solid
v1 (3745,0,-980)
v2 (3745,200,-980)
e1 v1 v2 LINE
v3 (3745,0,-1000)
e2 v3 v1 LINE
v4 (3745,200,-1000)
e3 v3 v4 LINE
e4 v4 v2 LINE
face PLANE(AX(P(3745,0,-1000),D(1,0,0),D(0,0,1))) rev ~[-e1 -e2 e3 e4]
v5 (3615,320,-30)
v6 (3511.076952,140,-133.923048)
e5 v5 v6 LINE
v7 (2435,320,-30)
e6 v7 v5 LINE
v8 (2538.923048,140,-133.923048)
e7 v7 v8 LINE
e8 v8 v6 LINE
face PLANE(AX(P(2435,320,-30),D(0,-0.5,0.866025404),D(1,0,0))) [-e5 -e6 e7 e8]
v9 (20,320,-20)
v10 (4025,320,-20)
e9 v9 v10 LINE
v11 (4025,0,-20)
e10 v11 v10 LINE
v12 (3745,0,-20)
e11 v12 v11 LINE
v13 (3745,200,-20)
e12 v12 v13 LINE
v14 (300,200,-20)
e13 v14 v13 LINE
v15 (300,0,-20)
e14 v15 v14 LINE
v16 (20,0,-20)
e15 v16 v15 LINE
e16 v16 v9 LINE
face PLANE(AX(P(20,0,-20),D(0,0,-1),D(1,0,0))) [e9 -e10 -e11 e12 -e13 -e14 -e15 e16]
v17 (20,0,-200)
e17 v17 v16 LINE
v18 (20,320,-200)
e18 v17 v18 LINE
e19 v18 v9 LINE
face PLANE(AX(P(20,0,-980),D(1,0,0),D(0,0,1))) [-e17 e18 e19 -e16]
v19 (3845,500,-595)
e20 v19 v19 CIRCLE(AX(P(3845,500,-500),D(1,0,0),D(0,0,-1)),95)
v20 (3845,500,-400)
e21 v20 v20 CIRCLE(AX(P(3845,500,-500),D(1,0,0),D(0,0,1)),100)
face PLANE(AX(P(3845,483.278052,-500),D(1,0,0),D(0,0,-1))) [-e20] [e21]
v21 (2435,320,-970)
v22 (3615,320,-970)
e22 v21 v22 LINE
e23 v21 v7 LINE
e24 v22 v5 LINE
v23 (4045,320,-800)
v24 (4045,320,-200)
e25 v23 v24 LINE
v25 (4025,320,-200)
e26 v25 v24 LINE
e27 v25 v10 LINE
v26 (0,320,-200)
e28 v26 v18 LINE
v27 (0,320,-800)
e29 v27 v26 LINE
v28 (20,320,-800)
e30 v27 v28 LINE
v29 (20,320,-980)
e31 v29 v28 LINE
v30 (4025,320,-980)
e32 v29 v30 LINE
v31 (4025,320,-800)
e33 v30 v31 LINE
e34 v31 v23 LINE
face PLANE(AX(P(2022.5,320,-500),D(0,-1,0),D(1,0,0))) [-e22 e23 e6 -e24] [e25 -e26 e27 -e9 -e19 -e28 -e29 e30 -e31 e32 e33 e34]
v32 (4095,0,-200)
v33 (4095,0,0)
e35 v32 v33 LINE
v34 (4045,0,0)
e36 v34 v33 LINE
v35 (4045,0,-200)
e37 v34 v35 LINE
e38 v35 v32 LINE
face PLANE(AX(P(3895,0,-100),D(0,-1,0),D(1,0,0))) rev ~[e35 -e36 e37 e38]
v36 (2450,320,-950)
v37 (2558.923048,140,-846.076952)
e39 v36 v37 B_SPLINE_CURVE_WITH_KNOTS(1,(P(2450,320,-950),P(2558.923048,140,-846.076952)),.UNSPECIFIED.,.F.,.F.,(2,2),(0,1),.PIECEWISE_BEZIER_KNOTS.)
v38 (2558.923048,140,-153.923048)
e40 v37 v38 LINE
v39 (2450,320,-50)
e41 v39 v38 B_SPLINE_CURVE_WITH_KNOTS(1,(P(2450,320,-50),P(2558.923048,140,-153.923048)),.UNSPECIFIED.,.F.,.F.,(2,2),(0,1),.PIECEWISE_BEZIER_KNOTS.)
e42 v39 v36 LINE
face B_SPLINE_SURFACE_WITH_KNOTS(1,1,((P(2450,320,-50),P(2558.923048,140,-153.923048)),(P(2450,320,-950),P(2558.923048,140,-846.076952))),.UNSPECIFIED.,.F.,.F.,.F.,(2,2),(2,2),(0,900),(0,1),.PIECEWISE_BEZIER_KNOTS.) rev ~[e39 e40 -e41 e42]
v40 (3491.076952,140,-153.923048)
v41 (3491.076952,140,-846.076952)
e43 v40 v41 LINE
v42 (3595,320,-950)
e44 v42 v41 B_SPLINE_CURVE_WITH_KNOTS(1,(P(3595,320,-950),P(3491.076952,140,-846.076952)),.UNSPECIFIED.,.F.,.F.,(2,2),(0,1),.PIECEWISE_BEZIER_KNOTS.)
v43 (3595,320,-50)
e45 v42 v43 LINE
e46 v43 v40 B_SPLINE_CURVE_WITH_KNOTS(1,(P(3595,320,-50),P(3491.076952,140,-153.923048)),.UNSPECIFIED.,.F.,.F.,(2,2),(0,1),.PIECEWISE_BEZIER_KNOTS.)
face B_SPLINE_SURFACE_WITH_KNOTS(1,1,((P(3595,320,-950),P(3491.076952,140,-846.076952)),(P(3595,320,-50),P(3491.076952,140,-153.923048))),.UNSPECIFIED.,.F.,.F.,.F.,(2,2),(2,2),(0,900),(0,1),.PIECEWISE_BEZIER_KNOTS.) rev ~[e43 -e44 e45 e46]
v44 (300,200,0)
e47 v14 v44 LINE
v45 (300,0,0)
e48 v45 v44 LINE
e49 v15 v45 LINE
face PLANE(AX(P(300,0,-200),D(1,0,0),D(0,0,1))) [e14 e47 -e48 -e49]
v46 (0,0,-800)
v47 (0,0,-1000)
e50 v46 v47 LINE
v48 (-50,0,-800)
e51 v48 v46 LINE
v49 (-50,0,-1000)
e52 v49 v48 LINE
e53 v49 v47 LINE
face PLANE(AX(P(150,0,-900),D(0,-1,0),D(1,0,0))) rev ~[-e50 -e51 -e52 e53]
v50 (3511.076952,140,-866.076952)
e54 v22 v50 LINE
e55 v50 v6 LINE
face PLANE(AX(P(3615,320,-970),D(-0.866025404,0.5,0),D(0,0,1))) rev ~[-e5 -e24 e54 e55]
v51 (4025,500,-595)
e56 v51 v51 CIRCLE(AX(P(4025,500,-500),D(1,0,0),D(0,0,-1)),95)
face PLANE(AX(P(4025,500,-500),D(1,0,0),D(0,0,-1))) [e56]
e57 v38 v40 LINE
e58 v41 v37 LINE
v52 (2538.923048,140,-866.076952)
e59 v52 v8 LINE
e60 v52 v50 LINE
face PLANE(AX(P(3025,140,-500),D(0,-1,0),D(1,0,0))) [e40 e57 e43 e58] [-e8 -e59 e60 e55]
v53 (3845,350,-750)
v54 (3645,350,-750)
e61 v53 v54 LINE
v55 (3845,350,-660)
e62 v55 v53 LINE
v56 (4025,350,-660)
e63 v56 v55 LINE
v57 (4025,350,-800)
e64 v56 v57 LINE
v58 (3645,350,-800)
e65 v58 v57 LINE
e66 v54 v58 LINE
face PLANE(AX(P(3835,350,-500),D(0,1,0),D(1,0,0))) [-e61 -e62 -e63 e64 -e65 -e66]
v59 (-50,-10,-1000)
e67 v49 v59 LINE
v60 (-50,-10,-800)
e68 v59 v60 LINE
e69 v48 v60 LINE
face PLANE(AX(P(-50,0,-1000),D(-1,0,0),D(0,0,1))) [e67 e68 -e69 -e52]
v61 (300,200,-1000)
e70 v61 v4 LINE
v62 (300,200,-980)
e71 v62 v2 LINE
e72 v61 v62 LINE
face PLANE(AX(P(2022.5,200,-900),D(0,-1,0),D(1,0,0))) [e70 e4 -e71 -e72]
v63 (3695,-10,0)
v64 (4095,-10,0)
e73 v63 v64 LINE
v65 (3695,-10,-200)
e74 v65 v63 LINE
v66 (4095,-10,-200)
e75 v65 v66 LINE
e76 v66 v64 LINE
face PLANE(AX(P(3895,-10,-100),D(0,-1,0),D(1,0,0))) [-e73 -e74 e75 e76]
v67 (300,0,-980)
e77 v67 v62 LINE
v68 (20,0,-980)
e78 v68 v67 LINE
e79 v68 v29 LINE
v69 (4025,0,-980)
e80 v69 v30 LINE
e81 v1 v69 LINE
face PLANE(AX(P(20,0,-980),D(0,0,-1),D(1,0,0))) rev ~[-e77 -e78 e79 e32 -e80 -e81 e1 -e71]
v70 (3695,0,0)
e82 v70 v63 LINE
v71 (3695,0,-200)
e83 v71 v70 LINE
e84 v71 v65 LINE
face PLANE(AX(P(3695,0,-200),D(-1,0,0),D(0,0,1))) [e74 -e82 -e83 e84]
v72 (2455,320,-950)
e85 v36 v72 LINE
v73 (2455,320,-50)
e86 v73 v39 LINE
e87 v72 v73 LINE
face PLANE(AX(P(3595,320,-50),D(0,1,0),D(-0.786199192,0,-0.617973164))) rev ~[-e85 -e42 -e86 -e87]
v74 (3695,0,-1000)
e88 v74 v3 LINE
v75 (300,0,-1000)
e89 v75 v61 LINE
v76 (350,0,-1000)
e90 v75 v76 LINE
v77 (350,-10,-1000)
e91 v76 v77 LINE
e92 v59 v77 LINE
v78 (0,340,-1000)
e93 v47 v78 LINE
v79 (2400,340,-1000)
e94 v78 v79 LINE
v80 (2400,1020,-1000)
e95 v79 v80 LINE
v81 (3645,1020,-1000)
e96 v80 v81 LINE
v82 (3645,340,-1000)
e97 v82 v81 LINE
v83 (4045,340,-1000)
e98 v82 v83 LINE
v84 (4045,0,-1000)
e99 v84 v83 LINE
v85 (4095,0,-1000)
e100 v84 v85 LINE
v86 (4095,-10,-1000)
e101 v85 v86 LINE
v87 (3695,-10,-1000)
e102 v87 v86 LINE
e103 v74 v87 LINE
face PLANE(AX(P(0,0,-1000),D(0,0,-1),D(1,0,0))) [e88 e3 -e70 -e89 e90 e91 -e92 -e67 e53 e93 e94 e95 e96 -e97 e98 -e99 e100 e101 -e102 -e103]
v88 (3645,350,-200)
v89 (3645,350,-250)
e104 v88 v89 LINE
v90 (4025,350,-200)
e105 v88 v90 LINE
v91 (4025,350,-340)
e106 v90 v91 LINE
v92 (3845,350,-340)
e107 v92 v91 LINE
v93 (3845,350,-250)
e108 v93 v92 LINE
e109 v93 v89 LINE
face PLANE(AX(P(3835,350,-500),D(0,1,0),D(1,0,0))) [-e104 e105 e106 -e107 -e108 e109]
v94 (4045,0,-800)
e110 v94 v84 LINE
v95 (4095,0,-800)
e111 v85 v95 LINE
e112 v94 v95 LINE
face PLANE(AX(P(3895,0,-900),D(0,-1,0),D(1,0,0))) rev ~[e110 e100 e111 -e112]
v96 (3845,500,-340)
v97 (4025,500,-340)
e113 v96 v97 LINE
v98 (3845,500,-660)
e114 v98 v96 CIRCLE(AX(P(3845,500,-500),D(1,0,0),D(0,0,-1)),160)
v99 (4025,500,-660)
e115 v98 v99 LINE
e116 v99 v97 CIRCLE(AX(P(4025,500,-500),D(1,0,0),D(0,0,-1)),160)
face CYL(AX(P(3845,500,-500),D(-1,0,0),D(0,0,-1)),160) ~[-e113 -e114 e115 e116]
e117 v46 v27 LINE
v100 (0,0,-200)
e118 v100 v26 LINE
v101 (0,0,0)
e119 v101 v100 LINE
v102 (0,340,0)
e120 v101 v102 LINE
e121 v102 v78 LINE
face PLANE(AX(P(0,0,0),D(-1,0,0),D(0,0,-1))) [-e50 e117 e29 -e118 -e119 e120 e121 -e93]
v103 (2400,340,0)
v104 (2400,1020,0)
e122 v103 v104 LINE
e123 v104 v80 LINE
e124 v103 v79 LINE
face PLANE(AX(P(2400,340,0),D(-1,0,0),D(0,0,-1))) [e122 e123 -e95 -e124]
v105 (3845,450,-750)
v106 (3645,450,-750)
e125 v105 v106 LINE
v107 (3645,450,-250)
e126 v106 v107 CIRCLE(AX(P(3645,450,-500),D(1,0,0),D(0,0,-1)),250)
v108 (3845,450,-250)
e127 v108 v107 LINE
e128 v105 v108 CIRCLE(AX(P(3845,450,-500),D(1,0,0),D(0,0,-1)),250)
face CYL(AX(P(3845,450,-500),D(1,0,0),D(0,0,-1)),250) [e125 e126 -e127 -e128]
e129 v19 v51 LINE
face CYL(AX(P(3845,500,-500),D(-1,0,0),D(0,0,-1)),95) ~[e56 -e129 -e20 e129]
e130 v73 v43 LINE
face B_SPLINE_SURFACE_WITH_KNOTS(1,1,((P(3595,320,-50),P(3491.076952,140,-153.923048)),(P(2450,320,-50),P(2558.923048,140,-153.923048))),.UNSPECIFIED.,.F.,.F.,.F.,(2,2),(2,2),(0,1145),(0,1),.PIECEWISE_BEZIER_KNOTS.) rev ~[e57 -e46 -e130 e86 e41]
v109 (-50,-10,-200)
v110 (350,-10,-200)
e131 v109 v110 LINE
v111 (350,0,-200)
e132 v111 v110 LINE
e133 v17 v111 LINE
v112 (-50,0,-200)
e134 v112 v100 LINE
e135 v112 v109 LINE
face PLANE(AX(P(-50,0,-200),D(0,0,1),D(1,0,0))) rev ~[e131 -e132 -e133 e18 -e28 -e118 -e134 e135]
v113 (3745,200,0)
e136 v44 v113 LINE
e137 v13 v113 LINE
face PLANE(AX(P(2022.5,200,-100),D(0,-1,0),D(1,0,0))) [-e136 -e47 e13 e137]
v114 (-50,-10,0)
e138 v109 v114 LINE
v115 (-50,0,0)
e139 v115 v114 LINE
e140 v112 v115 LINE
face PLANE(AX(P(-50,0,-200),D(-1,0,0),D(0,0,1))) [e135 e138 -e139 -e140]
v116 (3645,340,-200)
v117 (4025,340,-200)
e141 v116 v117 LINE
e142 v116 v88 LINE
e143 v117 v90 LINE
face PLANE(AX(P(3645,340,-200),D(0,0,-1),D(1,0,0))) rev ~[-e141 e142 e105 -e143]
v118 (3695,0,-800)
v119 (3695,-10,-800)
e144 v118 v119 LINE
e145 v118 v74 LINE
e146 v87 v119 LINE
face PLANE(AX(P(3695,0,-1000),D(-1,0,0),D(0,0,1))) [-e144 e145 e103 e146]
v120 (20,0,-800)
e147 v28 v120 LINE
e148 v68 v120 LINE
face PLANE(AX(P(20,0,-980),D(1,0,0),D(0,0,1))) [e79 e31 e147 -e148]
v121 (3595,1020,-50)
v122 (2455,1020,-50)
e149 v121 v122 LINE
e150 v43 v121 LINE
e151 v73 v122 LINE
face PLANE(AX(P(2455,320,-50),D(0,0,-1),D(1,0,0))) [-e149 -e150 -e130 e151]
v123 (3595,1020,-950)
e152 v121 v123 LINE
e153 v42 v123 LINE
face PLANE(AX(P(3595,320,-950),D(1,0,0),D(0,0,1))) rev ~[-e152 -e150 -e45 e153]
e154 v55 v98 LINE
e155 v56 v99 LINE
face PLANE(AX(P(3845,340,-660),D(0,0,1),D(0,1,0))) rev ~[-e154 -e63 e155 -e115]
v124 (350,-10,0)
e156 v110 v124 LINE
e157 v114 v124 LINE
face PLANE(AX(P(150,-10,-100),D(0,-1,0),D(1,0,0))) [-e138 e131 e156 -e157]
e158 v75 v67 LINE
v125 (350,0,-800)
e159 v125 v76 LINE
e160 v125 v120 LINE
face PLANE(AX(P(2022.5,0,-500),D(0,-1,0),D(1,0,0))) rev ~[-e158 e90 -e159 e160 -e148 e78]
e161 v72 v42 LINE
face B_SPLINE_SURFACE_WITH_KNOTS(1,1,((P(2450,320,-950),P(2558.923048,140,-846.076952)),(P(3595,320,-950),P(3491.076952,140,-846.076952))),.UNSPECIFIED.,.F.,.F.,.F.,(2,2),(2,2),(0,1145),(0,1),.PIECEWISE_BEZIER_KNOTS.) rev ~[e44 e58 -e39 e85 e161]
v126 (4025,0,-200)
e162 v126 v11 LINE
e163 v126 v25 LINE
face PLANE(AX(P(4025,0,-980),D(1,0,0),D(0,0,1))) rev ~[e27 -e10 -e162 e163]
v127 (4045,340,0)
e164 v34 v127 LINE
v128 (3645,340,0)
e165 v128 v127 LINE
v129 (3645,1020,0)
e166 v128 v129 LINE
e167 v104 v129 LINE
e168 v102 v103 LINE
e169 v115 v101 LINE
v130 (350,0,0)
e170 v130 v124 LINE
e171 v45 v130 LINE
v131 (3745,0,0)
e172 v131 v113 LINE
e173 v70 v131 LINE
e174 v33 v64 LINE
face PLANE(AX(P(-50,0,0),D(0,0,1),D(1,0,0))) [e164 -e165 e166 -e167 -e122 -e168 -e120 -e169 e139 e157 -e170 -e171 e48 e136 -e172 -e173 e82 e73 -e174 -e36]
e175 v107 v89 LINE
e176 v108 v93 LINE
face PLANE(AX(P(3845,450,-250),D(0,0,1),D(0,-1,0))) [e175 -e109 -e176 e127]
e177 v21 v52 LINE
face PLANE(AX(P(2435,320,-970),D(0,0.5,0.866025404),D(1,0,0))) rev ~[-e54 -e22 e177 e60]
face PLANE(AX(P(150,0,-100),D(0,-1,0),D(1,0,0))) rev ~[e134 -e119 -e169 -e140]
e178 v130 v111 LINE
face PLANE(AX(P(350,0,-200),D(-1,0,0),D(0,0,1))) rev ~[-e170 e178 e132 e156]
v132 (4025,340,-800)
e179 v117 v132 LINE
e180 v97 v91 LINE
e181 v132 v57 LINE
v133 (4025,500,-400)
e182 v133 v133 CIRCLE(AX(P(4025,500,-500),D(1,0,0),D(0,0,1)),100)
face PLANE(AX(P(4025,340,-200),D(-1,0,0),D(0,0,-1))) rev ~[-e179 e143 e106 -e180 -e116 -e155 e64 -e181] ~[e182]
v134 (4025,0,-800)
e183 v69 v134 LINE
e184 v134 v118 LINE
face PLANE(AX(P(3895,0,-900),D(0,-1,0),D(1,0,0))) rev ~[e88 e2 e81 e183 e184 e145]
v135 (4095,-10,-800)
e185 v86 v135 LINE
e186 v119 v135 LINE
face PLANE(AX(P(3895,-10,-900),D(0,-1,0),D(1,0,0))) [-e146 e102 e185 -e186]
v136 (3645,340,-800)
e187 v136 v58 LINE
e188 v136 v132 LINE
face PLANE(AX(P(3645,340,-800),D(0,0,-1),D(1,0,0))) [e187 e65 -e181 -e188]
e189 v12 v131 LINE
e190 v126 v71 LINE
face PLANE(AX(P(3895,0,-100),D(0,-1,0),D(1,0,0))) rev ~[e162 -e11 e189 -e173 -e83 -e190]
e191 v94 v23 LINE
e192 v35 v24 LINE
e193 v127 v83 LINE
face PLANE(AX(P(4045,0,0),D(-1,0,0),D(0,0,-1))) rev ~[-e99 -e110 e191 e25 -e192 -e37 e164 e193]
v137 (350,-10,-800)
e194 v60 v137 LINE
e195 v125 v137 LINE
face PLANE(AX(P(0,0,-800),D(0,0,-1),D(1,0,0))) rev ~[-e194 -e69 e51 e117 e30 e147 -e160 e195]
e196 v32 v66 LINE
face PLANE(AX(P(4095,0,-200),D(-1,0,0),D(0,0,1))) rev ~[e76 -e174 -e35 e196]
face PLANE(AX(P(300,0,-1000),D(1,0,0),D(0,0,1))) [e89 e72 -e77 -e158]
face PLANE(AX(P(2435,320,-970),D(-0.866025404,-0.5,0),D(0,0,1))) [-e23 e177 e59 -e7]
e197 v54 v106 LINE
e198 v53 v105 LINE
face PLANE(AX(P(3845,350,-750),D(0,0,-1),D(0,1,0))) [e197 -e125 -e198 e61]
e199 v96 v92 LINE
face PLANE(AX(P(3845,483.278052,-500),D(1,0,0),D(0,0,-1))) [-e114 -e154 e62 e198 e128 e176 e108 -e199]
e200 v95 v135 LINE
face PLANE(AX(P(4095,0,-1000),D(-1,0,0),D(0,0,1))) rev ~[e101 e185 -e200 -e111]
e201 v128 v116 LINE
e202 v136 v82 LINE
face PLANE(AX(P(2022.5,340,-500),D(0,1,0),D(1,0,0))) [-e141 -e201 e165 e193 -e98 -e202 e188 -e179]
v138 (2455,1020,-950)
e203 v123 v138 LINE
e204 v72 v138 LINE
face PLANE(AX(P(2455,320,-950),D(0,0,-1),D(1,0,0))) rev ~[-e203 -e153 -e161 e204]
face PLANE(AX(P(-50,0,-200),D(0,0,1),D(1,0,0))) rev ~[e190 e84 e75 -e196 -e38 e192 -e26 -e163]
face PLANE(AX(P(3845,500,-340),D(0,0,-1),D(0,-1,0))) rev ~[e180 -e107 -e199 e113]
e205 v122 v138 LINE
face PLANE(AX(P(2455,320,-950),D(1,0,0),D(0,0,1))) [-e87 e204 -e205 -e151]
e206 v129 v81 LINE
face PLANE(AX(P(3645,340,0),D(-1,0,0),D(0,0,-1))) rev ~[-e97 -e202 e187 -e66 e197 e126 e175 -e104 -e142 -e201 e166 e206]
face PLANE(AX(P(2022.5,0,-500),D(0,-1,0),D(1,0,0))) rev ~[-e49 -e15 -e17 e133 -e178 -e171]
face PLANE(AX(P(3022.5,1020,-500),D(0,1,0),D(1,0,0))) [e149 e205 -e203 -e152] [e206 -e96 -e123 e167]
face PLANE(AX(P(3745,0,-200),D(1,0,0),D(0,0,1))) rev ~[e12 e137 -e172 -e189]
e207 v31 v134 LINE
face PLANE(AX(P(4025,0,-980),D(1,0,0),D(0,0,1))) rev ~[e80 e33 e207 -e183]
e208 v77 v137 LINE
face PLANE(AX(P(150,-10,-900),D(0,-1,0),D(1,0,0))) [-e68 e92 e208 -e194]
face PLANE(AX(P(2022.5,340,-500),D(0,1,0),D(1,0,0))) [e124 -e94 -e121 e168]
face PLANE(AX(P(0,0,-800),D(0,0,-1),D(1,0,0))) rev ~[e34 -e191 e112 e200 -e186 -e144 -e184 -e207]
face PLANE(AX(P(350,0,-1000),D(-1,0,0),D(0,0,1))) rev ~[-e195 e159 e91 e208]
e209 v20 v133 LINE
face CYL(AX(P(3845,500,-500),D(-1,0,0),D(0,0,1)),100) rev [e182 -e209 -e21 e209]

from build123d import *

# Parameters (mm, degrees)
SKETCH1_W           = 4045
SKETCH1_H           = 1000
BOSS_EXTRUDE1_DEPTH = 340
SKETCH2_W           = 4045
SKETCH2_H           = 600
CUT_EXTRUDE1_DEPTH  = 320
SKETCH3_W           = 3445
SKETCH3_H           = 200
CUT_EXTRUDE2_DEPTH  = 200
SKETCH4_W           = 400
SKETCH4_H           = 200
BOSS_EXTRUDE2_DEPTH = 10
SKETCH5_W           = 1245
SKETCH5_H           = 1000
BOSS_EXTRUDE3_DEPTH = 680
CUT_EXTRUDE3_START  = -10
SKETCH6_W           = 4005
SKETCH6_H           = 960
CUT_EXTRUDE3_DEPTH  = 320
SKETCH7_W           = 1140
SKETCH7_H           = 900
CUT_EXTRUDE5_DEPTH  = 4274.058038454
SKETCH7_3_W         = 1180
SKETCH7_3_H         = 940
BOSS_EXTRUDE4_DEPTH = 180
DRAFT3_ANGLE        = -30
BOSS_EXTRUDE5_REACH = 4150.665
SKETCH13_R          = 100
BOSS_EXTRUDE6_DEPTH = 180
SKETCH14_W          = 380
SKETCH14_H          = 600
BOSS_EXTRUDE7_DEPTH = 10
SKETCH15_R          = 95
BOSS_EXTRUDE8_DEPTH = 180


with BuildPart() as part:
    # Sketch1 → Boss-Extrude1 (new body)
    with BuildSketch(Plane(origin=(0, 0, 0), x_dir=(1, 0, 0), z_dir=(0, 1, 0))):
        with Locations((2022.5, 500)):
            Rectangle(SKETCH1_W, SKETCH1_H)
    extrude(amount=BOSS_EXTRUDE1_DEPTH)

    # Sketch2 → Cut-Extrude1 (cut)
    with BuildSketch(Plane.XZ):
        with Locations((2022.5, -500)):
            Rectangle(SKETCH2_W, SKETCH2_H)
    extrude(amount=-CUT_EXTRUDE1_DEPTH, mode=Mode.SUBTRACT)

    # Sketch3 → Cut-Extrude2 (cut)
    with BuildSketch(Plane.XZ):
        with Locations((2022.5, -100)):
            Rectangle(SKETCH3_W, SKETCH3_H)
        with Locations((2022.5, -900)):
            Rectangle(SKETCH3_W, SKETCH3_H)
    extrude(amount=-CUT_EXTRUDE2_DEPTH, mode=Mode.SUBTRACT)

    # Sketch4 → Boss-Extrude2 (add)
    with BuildSketch(Plane.XZ):
        with Locations((150, -100)):
            Rectangle(SKETCH4_W, SKETCH4_H)
        with Locations((3895, -100)):
            Rectangle(SKETCH4_W, SKETCH4_H)
        with Locations((3895, -900)):
            Rectangle(SKETCH4_W, SKETCH4_H)
        with Locations((150, -900)):
            Rectangle(SKETCH4_W, SKETCH4_H)
    extrude(amount=BOSS_EXTRUDE2_DEPTH)

    # Sketch5 → Boss-Extrude3 (add)
    with BuildSketch(Plane(origin=(0, 340, 0), x_dir=(1, 0, 0), z_dir=(0, 1, 0))):
        with Locations((3022.5, 500)):
            Rectangle(SKETCH5_W, SKETCH5_H)
    extrude(amount=BOSS_EXTRUDE3_DEPTH)

    # Sketch6 → Cut-Extrude3 (cut)
    with BuildSketch(Plane.XZ.offset(10).offset(CUT_EXTRUDE3_START)):
        with Locations((2022.5, -500)):
            Rectangle(SKETCH6_W, SKETCH6_H)
    extrude(amount=-CUT_EXTRUDE3_DEPTH, mode=Mode.SUBTRACT)

    # Sketch7 → Cut-Extrude5 (cut, through all)
    with BuildSketch(Plane.XZ.offset(-320)):
        with Locations((3025, -500)):
            Rectangle(SKETCH7_W, SKETCH7_H)
    extrude(amount=-CUT_EXTRUDE5_DEPTH, mode=Mode.SUBTRACT)

    # Sketch7<3> → Boss-Extrude4 (add)
    with BuildSketch(Plane.XZ.offset(-320)):
        with Locations((3025, -500)):
            Rectangle(SKETCH7_3_W, SKETCH7_3_H)
    extrude(amount=BOSS_EXTRUDE4_DEPTH)

    # Draft3
    draft3_faces = [part.faces().sort_by_distance(p)[0] for p in [
        (3025, 230, -30),
        (3615, 230, -500),
        (3025, 230, -970),
        (2435, 230, -500),
    ]]
    draft(draft3_faces, Plane.ZX.offset(320), DRAFT3_ANGLE)

    # Sketch8 → Cut-Loft2 section 0
    with BuildSketch(Plane(origin=(0, 320, 0), x_dir=(1, 0, 0), z_dir=(0, 1, 0))):
        with BuildLine():
            Line((3595, 50), (2450, 50))
            Line((2450, 50), (2450, 950))
            Line((2450, 950), (3595, 950))
            Line((3595, 950), (3595, 50))
        make_face()
    # Sketch10 → Cut-Loft2 section 1
    with BuildSketch(Plane.XZ.offset(-140)):
        with BuildLine():
            Line((2558.923048454, -153.923048454), (3491.076951546, -153.923048454))
            Line((3491.076951546, -153.923048454), (3491.076951546, -846.076951546))
            Line((3491.076951546, -846.076951546), (2558.923048454, -846.076951546))
            Line((2558.923048454, -846.076951546), (2558.923048454, -153.923048454))
        make_face()
    loft(mode=Mode.SUBTRACT)

    # Sketch12 → Boss-Extrude5 (add, up to next)
    with BuildSketch(Plane(origin=(3845, 0, 0), x_dir=(0, 0, -1), z_dir=(1, 0, 0)), mode=Mode.PRIVATE) as boss_extrude5_sk1:
        with BuildLine():
            Line((250, 450), (250, 350))
            Line((250, 350), (750, 350))
            Line((750, 350), (750, 450))
            ThreePointArc((750, 450), (500, 700), (250, 450))
        make_face()
    boss_extrude5_tool1 = extrude(boss_extrude5_sk1.sketch, amount=-BOSS_EXTRUDE5_REACH, mode=Mode.PRIVATE) - part.part
    add(boss_extrude5_tool1.solids().sort_by_distance((3845, 503.427899, -500))[0])

    # Sketch13 → Boss-Extrude6 (add)
    with BuildSketch(Plane(origin=(3845, 0, 0), x_dir=(0, 0, -1), z_dir=(1, 0, 0))):
        with BuildLine():
            Line((340, 500), (340, 340))
            Line((340, 340), (660, 340))
            Line((660, 340), (660, 500))
            ThreePointArc((660, 500), (500, 660), (340, 500))
        make_face()
        with Locations(Location((500, 500, 0), (0, 0, 180))):
            Circle(SKETCH13_R, mode=Mode.SUBTRACT)
    extrude(amount=BOSS_EXTRUDE6_DEPTH)

    # Sketch14 → Boss-Extrude7 (add)
    with BuildSketch(Plane(origin=(0, 340, 0), x_dir=(1, 0, 0), z_dir=(0, 1, 0))):
        with Locations((3835, 500)):
            Rectangle(SKETCH14_W, SKETCH14_H)
    extrude(amount=BOSS_EXTRUDE7_DEPTH)

    # Sketch15 → Boss-Extrude8 (add)
    with BuildSketch(Plane(origin=(3845, 0, 0), x_dir=(0, 0, -1), z_dir=(1, 0, 0))):
        with Locations((500, 500)):
            Circle(SKETCH15_R)
    extrude(amount=BOSS_EXTRUDE8_DEPTH)


solid = part.part
